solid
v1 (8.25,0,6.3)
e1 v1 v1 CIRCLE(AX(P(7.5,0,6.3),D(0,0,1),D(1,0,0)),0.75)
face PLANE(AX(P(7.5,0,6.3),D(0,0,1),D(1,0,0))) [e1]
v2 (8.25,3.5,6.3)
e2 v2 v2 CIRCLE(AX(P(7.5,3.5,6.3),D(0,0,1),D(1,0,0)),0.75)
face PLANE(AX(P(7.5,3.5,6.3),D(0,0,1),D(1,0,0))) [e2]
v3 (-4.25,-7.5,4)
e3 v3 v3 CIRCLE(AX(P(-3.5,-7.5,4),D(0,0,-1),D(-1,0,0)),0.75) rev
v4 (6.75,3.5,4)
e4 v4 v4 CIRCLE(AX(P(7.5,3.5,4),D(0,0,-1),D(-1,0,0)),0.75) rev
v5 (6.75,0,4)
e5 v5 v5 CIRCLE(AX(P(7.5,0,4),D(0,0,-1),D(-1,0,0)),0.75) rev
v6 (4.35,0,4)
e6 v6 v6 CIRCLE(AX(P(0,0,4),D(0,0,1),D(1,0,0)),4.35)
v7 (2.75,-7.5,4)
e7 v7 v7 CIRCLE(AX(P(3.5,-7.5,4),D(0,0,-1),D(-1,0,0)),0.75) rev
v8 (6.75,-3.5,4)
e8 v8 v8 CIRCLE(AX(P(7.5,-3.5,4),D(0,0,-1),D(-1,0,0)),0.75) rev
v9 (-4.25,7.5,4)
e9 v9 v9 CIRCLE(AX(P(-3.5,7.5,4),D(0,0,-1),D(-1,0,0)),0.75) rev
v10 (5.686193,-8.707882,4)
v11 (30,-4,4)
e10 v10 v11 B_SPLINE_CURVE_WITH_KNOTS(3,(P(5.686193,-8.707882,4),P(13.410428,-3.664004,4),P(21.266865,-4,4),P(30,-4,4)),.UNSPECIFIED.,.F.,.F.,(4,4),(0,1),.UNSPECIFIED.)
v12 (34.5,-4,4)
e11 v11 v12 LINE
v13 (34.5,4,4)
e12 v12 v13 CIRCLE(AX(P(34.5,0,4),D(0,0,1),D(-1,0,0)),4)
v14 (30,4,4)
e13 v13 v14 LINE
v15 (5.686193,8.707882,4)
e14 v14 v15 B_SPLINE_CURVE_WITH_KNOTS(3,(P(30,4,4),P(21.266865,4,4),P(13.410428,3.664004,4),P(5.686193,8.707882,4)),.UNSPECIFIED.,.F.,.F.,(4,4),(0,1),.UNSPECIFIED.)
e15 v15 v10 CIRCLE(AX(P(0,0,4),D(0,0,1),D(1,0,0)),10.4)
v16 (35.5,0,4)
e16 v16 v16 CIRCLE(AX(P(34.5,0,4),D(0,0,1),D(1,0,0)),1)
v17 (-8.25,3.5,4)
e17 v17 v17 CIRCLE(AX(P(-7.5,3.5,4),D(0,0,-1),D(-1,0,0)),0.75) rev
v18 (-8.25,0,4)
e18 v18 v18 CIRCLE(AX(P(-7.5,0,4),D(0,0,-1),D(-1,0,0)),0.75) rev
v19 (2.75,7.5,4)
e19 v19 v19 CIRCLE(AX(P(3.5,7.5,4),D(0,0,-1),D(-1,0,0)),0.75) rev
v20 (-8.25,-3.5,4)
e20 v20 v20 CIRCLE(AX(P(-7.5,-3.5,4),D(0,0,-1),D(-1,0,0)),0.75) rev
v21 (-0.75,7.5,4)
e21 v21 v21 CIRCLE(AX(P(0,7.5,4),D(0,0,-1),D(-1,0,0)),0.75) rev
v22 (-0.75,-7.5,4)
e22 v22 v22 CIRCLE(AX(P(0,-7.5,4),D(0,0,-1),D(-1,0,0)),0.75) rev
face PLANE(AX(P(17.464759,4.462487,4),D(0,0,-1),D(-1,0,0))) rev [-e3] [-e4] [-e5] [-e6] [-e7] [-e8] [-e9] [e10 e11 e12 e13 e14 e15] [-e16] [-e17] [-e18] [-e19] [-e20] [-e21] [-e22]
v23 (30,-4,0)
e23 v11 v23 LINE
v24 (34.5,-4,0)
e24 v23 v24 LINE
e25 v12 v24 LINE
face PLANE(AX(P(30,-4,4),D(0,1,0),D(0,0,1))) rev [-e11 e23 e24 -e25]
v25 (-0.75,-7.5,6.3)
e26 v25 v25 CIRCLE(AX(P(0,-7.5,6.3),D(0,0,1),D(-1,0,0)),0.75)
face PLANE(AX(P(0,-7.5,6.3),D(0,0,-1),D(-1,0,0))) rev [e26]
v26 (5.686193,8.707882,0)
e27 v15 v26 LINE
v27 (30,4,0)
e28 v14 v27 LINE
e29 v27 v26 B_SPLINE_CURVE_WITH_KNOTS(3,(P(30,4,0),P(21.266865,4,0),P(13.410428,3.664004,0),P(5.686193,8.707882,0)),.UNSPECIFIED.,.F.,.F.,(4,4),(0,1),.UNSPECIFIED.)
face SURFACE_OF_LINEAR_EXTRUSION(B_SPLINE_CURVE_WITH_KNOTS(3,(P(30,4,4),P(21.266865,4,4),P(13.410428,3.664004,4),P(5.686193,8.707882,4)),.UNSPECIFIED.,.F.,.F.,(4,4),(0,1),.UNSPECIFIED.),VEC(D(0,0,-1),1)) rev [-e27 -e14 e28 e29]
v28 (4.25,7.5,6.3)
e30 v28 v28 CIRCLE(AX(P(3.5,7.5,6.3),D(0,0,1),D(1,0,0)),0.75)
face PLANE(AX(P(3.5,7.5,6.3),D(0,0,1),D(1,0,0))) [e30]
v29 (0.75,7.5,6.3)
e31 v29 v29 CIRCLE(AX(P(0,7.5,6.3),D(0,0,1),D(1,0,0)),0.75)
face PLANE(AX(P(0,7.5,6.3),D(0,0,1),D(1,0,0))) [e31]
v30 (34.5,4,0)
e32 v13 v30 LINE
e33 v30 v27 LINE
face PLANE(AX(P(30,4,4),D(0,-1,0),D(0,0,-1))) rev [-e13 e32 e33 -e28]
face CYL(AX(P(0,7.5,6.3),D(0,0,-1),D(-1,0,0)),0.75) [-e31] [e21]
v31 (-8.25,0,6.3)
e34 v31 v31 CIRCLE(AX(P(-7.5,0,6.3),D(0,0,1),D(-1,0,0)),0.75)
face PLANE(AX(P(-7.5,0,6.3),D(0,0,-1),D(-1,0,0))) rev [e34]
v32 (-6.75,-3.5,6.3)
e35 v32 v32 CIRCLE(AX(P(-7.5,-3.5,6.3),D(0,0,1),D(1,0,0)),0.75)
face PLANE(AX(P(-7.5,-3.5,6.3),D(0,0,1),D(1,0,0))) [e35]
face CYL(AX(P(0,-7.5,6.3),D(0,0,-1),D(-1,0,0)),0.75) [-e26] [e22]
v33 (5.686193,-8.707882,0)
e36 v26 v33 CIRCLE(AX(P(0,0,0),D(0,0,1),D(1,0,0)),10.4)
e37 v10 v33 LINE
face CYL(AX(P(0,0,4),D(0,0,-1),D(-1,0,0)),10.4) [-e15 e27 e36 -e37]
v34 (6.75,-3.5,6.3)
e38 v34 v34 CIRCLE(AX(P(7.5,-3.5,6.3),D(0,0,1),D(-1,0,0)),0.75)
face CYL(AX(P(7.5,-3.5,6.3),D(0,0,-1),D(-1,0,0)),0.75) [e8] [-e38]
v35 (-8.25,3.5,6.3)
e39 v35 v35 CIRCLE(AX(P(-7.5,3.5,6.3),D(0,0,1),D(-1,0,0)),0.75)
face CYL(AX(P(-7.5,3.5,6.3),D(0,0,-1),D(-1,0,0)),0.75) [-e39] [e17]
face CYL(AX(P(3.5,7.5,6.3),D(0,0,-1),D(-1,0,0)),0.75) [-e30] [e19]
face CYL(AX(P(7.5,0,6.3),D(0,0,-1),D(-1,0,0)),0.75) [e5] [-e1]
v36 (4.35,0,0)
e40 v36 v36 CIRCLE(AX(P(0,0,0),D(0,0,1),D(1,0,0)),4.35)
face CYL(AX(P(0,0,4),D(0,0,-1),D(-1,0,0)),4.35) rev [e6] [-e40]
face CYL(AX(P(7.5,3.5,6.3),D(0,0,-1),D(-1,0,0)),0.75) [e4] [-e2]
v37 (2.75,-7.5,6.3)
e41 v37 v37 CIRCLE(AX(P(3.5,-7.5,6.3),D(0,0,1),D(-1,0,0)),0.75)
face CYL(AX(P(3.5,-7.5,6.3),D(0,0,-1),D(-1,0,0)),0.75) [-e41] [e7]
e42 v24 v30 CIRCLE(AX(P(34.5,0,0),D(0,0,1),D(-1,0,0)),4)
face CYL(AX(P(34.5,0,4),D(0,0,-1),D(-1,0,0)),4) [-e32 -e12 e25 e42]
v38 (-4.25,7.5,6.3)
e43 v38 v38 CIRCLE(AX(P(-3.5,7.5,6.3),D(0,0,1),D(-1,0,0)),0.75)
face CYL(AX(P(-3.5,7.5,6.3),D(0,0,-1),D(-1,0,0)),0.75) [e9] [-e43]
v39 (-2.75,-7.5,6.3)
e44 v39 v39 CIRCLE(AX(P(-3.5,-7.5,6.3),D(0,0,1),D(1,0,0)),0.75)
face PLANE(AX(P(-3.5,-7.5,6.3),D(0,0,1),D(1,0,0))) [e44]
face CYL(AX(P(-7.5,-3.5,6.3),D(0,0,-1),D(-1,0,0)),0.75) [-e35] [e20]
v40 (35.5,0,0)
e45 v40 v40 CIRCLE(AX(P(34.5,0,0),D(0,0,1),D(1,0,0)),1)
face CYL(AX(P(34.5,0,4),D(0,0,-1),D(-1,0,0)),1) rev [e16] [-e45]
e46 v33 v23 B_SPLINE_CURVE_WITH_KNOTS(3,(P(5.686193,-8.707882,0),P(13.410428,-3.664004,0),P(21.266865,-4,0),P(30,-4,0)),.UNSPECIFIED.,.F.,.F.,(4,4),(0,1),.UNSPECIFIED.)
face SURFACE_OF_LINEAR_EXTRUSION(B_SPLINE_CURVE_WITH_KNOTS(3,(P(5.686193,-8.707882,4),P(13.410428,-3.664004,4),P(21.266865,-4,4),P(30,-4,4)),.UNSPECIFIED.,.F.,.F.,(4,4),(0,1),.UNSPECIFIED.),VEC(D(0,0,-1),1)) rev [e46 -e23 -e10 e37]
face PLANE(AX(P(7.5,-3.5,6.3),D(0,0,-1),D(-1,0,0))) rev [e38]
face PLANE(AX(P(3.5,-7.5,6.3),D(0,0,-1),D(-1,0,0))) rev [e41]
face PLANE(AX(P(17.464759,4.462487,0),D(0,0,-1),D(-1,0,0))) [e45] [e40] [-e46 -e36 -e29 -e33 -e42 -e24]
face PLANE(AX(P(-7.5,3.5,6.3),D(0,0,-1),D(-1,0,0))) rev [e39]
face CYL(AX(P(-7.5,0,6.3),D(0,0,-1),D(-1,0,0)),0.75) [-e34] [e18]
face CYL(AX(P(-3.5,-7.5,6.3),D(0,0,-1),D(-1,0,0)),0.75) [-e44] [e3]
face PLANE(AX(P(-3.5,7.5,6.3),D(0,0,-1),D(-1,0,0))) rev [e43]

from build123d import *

# Parameters (mm, degrees)
SKETCH1_R           = 4.35
SKETCH1_R_2         = 1
BOSS_EXTRUDE1_DEPTH = 4
SKETCH2_R           = 0.75
BOSS_EXTRUDE2_DEPTH = 2.3


with BuildPart() as part:
    # Sketch1 → Boss-Extrude1 (new body)
    with BuildSketch(Plane.XY):
        with BuildLine():
            Line((30, 4), (34.5, 4))
            ThreePointArc((34.5, 4), (38.5, 0), (34.5, -4))
            Line((34.5, -4), (30, -4))
            add(Edge.make_bspline(
                [(5.686193022, -8.707882), (13.410427979, -3.664004406), (21.266865382, -4), (30, -4)],
                knots=[0, 0, 0, 0, 1, 1, 1, 1], degree=3))
            ThreePointArc((5.686193022, -8.707882), (-10.4, 0), (5.686193022, 8.707882))
            add(Edge.make_bspline(
                [(5.686193022, 8.707882), (13.410427979, 3.664004406), (21.266865382, 4), (30, 4)],
                knots=[0, 0, 0, 0, 1, 1, 1, 1], degree=3))
        make_face()
        Circle(SKETCH1_R, mode=Mode.SUBTRACT)
        with Locations((34.5, 0)):
            Circle(SKETCH1_R_2, mode=Mode.SUBTRACT)
    extrude(amount=BOSS_EXTRUDE1_DEPTH)

    # Sketch2 → Boss-Extrude2 (add)
    with BuildSketch(Plane.XY.offset(4)):
        with Locations(Location((0, 7.5, 0), (0, 0, 180))):
            Circle(SKETCH2_R)
        with Locations(Location((3.5, 7.5, 0), (0, 0, 180))):
            Circle(SKETCH2_R)
        with Locations(Location((-3.5, 7.5, 0), (0, 0, 180))):
            Circle(SKETCH2_R)
        with Locations(Location((3.5, -7.5, 0), (0, 0, 180))):
            Circle(SKETCH2_R)
        with Locations(Location((0, -7.5, 0), (0, 0, 180))):
            Circle(SKETCH2_R)
        with Locations(Location((-3.5, -7.5, 0), (0, 0, 180))):
            Circle(SKETCH2_R)
        with Locations(Location((7.5, 0, 0), (0, 0, 180))):
            Circle(SKETCH2_R)
        with Locations(Location((7.5, 3.5, 0), (0, 0, 180))):
            Circle(SKETCH2_R)
        with Locations(Location((7.5, -3.5, 0), (0, 0, 180))):
            Circle(SKETCH2_R)
        with Locations(Location((-7.5, -3.5, 0), (0, 0, 180))):
            Circle(SKETCH2_R)
        with Locations(Location((-7.5, 0, 0), (0, 0, 180))):
            Circle(SKETCH2_R)
        with Locations(Location((-7.5, 3.5, 0), (0, 0, 180))):
            Circle(SKETCH2_R)
    extrude(amount=BOSS_EXTRUDE2_DEPTH)


solid = part.part
